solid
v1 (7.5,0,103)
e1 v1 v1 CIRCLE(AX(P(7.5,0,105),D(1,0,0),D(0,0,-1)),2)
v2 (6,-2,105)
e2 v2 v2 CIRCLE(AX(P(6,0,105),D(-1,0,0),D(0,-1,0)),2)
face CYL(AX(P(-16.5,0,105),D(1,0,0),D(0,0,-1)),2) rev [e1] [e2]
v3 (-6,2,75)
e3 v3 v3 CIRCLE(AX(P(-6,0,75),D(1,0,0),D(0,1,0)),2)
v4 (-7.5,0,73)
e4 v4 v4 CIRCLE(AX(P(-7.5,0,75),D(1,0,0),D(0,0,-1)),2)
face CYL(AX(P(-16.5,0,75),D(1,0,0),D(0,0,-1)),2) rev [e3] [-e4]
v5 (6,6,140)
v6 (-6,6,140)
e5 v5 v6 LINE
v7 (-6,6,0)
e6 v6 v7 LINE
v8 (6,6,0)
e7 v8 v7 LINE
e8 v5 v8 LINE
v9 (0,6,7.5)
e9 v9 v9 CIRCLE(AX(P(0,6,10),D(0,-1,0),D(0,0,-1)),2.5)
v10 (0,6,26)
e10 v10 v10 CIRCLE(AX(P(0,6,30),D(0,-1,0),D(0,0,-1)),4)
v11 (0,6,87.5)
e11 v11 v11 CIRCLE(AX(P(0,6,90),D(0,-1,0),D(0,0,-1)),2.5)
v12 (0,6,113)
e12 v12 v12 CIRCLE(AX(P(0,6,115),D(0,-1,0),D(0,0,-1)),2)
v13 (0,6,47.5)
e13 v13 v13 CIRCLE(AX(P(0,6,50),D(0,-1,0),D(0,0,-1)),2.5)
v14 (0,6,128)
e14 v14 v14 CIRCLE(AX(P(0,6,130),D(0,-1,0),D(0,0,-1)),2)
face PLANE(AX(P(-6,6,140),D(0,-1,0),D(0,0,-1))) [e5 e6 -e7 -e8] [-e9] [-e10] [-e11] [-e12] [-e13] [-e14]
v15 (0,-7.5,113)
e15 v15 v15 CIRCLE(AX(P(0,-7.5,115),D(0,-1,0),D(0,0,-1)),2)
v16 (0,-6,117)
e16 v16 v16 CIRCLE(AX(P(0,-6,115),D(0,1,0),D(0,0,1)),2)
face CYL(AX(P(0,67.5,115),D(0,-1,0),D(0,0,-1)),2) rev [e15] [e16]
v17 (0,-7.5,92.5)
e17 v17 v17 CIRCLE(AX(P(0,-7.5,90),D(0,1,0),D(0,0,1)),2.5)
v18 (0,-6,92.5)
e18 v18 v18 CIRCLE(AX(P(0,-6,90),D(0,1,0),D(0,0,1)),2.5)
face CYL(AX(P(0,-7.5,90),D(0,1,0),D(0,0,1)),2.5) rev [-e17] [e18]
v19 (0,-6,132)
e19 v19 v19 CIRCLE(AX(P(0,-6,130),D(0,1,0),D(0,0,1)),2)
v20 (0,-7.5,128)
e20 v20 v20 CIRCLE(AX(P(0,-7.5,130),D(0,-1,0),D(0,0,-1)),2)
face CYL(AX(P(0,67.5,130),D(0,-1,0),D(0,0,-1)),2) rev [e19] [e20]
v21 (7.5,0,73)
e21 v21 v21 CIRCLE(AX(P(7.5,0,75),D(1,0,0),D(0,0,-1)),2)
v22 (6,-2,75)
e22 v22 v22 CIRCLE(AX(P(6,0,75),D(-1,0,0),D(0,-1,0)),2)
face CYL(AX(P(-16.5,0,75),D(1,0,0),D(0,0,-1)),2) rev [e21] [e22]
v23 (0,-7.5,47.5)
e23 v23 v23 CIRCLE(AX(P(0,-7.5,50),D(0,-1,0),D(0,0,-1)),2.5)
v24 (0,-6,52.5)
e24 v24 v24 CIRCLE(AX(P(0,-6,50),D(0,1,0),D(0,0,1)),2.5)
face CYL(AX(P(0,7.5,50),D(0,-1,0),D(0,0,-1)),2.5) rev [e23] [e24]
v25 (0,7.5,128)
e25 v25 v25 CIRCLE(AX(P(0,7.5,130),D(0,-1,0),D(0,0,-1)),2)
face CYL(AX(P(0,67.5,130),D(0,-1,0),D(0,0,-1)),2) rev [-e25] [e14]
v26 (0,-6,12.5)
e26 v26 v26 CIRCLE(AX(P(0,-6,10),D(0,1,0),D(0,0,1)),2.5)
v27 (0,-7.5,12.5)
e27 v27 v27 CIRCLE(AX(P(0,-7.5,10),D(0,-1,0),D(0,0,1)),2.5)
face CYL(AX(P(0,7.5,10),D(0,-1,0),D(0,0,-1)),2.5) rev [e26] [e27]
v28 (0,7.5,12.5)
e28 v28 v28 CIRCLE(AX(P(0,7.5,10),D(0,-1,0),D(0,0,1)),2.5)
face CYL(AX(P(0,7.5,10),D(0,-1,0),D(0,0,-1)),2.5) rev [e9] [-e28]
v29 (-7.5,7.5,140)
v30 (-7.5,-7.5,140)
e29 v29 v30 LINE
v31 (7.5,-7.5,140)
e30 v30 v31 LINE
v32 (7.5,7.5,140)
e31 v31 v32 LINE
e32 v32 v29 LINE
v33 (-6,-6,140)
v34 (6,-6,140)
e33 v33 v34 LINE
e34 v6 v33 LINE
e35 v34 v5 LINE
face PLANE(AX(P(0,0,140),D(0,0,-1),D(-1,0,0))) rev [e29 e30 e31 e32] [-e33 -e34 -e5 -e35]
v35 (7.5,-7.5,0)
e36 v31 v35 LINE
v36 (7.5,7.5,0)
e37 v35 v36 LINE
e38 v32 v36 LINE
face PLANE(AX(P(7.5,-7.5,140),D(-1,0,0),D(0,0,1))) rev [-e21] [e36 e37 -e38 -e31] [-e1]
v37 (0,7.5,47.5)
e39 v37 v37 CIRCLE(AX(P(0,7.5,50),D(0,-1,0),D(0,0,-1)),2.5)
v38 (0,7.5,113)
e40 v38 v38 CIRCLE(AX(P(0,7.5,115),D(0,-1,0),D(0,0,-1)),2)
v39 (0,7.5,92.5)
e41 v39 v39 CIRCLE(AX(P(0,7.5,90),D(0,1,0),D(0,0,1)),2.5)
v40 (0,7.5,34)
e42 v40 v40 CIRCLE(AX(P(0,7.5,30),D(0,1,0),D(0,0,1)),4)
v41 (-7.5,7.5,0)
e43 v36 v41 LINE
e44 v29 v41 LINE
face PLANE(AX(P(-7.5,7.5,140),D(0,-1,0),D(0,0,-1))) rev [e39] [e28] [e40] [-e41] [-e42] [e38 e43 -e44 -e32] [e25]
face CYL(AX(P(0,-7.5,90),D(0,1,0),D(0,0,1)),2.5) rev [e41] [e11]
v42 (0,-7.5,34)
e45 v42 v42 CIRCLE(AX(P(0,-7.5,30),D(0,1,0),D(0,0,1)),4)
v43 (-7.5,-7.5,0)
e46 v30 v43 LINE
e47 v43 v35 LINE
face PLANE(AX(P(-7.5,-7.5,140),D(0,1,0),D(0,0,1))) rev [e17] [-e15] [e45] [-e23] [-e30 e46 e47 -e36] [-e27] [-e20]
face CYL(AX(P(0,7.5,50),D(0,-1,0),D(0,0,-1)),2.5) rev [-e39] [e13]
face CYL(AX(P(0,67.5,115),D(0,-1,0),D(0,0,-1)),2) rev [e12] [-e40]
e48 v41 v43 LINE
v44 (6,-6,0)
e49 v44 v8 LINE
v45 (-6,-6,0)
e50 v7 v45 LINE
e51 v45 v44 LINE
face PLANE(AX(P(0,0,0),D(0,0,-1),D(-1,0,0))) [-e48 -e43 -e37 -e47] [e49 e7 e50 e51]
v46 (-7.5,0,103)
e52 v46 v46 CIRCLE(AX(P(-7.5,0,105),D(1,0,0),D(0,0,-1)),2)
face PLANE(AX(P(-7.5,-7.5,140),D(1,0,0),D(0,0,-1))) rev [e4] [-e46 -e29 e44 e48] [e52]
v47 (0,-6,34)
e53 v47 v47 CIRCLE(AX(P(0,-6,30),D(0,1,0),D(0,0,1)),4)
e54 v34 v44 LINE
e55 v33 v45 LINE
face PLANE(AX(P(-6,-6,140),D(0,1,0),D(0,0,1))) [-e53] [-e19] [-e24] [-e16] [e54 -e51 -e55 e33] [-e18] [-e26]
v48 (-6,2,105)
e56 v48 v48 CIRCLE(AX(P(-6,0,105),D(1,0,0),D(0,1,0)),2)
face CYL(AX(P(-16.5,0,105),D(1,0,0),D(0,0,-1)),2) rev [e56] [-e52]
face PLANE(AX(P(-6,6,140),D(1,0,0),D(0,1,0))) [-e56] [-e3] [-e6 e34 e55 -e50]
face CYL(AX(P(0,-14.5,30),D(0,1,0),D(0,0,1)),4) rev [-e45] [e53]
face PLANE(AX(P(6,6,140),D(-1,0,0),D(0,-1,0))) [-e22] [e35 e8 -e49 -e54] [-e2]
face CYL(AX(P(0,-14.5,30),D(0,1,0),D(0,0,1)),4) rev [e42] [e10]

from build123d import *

# Parameters (mm, degrees)
SKETCH_1_W          = 15
SKETCH_1_H          = 15
SKETCH_1_W_2        = 12
SKETCH_1_H_2        = 12
EXTRUDE_1_DEPTH     = 140
SKETCH_3_R          = 4
CUT_EXTRUDE_1_DEPTH = 22
SKETCH_4_R          = 2
CUT_EXTRUDE_2_DEPTH = 75
SKETCH_5_R          = 2
CUT_EXTRUDE_3_DEPTH = 24
SKETCH_6_R          = 2.5
CUT_EXTRUDE_4_DEPTH = 142.000886522
SKETCH_7_R          = 2.5
CUT_EXTRUDE_5_DEPTH = 142.000886522


with BuildPart() as part:
    # 草图1 → 凸台-拉伸1 (new body)
    with BuildSketch(Plane.XY):
        Rectangle(SKETCH_1_W, SKETCH_1_H)
        Rectangle(SKETCH_1_W_2, SKETCH_1_H_2, mode=Mode.SUBTRACT)
    extrude(amount=EXTRUDE_1_DEPTH)

    # 草图3 → 切除-拉伸1 (cut)
    with BuildSketch(Plane(origin=(0, 7.5, 0), x_dir=(1, 0, 0), z_dir=(0, 1, 0))):
        with Locations(Location((0, -30, 0), (0, 0, 270))):
            Circle(SKETCH_3_R)
    extrude(amount=-CUT_EXTRUDE_1_DEPTH, mode=Mode.SUBTRACT)

    # 草图4 → 切除-拉伸2 (cut)
    with BuildSketch(Plane.XZ.offset(7.5)):
        with Locations(Location((0, 130, 0), (0, 0, 270))):
            Circle(SKETCH_4_R)
        with Locations(Location((0, 115, 0), (0, 0, 270))):
            Circle(SKETCH_4_R)
    extrude(amount=-CUT_EXTRUDE_2_DEPTH, mode=Mode.SUBTRACT)

    # 草图5 → 切除-拉伸3 (cut)
    with BuildSketch(Plane(origin=(7.5, 0, 0), x_dir=(0, 0, -1), z_dir=(1, 0, 0))):
        with Locations((-105, 0)):
            Circle(SKETCH_5_R)
        with Locations((-75, 0)):
            Circle(SKETCH_5_R)
    extrude(amount=-CUT_EXTRUDE_3_DEPTH, mode=Mode.SUBTRACT)

    # 草图6 → 切除-拉伸4 (cut, through all)
    with BuildSketch(Plane.XZ.offset(7.5)):
        with Locations(Location((0, 50, 0), (0, 0, 270))):
            Circle(SKETCH_6_R)
        with Locations(Location((0, 10, 0), (0, 0, 90))):
            Circle(SKETCH_6_R)
    extrude(amount=-CUT_EXTRUDE_4_DEPTH, mode=Mode.SUBTRACT)

    # 草图7 → 切除-拉伸5 (cut, through all)
    with BuildSketch(Plane(origin=(0, 7.5, 0), x_dir=(1, 0, 0), z_dir=(0, 1, 0))):
        with Locations(Location((0, -90, 0), (0, 0, 270))):
            Circle(SKETCH_7_R)
    extrude(amount=-CUT_EXTRUDE_5_DEPTH, mode=Mode.SUBTRACT)


solid = part.part
